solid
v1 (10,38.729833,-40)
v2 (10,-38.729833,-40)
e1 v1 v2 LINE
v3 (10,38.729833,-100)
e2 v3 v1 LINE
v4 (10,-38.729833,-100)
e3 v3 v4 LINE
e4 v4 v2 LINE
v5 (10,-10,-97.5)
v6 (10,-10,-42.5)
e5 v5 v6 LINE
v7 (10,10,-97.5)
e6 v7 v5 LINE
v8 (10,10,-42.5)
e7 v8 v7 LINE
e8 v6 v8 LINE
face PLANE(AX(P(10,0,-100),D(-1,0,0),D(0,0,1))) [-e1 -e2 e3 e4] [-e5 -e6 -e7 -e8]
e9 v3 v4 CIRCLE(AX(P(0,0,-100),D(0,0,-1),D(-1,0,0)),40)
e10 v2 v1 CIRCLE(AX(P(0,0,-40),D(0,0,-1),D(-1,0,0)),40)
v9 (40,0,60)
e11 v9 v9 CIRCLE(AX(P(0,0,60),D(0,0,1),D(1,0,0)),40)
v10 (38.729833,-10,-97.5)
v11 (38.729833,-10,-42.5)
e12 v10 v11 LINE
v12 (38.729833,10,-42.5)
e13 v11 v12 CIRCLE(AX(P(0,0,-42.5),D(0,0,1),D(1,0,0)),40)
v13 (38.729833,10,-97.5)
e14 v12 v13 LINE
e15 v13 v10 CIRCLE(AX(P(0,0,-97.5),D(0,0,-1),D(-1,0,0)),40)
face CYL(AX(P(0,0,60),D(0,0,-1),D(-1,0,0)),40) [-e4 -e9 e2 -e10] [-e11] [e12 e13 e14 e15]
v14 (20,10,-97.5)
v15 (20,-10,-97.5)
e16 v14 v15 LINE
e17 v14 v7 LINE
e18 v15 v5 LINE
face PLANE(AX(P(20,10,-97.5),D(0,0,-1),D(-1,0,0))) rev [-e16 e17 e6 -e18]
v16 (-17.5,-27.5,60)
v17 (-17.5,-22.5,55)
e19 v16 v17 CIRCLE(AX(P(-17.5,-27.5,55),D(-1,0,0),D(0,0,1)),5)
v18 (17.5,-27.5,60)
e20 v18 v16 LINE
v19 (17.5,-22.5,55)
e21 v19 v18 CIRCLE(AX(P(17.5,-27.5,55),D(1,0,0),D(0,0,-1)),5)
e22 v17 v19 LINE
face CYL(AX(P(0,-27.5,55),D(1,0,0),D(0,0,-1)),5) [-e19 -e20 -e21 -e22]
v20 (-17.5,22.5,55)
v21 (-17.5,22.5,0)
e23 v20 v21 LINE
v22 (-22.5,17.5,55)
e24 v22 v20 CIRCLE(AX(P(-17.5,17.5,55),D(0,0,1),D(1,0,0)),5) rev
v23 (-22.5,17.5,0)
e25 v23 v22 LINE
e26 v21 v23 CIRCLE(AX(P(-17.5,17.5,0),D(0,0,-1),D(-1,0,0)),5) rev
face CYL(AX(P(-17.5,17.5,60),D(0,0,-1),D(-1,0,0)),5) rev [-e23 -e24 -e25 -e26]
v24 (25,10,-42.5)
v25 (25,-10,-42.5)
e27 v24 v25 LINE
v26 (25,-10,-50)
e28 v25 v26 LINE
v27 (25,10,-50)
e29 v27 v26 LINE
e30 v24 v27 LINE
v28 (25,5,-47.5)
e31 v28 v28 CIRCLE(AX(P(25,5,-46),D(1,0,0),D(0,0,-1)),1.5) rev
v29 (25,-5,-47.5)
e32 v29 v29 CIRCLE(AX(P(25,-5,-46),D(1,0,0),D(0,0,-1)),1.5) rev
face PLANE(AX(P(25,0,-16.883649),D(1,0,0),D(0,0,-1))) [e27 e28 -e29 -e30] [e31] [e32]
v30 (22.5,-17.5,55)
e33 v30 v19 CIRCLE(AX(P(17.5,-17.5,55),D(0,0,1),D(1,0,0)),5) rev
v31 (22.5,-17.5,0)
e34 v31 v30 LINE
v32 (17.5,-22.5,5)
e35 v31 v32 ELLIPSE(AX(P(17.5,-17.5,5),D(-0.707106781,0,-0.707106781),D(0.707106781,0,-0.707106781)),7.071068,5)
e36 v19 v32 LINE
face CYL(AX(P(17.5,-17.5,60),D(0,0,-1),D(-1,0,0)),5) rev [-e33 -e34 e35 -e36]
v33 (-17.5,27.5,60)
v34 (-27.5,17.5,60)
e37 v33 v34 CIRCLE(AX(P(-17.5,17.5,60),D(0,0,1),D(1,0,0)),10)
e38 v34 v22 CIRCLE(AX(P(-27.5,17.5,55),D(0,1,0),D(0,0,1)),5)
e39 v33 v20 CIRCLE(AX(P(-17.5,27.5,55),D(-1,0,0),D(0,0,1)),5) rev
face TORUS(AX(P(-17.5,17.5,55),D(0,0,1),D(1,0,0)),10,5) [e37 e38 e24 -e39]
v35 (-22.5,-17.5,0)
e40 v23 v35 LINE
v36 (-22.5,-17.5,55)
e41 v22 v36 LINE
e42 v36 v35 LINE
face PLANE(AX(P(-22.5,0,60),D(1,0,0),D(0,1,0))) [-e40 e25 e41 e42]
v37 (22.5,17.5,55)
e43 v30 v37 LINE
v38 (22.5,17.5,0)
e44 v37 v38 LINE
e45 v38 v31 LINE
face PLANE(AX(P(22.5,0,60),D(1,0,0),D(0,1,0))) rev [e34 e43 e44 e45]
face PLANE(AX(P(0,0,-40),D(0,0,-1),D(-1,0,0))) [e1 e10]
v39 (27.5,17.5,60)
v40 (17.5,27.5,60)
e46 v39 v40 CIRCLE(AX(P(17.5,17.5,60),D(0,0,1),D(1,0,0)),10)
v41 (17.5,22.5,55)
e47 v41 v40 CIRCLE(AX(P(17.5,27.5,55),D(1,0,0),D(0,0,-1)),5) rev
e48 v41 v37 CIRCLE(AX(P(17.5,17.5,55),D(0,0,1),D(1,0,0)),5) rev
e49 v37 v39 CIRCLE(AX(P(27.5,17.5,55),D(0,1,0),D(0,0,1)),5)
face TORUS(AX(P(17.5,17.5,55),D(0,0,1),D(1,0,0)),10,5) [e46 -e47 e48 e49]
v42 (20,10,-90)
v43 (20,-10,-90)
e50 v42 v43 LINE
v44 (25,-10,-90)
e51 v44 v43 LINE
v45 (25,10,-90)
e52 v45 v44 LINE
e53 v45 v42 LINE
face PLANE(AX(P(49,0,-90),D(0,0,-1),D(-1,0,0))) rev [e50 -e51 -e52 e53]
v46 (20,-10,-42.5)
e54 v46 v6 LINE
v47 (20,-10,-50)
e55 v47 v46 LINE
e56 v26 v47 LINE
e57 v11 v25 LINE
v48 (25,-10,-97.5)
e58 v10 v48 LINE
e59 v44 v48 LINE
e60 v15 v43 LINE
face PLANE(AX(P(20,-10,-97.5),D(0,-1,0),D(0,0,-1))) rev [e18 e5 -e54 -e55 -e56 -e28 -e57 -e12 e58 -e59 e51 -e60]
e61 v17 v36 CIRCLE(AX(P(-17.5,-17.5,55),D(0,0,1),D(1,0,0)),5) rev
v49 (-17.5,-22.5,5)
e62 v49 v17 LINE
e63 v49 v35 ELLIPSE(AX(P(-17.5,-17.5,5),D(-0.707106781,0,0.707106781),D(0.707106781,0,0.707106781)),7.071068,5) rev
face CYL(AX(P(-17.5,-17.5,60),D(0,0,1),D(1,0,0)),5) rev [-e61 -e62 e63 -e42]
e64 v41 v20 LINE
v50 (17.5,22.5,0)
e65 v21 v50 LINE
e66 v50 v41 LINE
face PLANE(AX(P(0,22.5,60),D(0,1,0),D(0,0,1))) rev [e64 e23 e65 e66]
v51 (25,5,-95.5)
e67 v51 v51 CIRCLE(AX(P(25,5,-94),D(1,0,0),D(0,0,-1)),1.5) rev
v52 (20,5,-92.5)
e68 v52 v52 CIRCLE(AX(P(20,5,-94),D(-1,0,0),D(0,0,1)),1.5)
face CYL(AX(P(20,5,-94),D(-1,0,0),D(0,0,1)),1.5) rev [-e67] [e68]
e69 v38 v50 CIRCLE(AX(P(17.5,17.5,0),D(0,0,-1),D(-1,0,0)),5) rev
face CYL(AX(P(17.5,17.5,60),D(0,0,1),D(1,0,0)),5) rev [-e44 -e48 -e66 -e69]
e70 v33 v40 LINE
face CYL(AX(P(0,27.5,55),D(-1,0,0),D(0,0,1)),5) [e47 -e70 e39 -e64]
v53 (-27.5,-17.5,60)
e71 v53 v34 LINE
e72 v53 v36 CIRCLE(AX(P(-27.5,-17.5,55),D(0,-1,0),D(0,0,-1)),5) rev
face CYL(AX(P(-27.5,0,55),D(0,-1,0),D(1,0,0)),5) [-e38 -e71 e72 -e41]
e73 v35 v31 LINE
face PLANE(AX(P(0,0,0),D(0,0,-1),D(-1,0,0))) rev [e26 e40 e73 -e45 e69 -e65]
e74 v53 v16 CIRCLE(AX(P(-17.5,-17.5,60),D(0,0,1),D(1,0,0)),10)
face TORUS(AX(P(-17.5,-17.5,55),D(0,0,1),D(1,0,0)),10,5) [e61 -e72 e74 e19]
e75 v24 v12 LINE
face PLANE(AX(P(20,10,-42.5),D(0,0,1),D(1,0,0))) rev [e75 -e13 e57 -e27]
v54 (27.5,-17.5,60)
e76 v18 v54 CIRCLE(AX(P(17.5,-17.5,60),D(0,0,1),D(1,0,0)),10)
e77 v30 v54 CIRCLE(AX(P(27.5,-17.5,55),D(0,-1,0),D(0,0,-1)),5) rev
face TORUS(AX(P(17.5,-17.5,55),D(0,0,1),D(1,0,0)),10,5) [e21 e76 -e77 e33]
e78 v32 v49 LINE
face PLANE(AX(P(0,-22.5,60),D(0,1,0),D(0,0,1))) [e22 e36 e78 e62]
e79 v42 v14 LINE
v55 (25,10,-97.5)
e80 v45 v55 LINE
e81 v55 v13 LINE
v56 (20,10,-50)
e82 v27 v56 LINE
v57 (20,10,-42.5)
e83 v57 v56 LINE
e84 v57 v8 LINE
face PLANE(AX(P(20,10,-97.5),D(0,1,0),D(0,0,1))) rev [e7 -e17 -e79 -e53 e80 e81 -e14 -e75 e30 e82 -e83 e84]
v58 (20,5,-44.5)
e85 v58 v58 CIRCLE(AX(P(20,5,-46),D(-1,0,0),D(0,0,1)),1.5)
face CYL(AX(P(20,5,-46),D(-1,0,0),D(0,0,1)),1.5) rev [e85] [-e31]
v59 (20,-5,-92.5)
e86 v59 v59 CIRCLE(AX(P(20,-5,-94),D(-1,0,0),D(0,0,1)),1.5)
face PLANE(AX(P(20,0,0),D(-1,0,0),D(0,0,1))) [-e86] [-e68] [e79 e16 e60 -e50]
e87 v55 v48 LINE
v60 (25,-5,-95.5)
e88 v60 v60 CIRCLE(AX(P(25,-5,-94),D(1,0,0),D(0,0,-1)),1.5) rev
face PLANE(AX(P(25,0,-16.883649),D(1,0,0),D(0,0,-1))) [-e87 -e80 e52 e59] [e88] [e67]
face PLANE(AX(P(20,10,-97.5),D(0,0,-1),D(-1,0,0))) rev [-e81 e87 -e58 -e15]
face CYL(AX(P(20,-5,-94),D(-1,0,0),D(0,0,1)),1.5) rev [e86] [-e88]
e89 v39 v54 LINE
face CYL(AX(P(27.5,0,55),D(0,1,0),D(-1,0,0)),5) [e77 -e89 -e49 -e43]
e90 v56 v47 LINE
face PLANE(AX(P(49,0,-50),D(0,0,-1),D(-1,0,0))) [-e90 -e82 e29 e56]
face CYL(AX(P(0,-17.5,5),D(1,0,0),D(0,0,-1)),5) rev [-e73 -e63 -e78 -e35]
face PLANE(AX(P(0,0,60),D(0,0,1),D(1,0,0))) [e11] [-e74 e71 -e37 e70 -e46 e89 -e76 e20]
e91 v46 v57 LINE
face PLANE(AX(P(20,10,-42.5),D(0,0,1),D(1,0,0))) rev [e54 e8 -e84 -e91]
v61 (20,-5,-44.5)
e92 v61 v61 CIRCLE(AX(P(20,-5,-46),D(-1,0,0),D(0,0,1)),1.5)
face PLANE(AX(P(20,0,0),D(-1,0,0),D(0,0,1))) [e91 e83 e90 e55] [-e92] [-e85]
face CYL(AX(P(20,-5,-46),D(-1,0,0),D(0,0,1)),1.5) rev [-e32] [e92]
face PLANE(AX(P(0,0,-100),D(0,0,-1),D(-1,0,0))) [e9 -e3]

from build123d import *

# Parameters (mm, degrees)
SKETCH1_R                      = 40
SKETCH1_W                      = 45
SKETCH1_H                      = 45
BOSS_EXTRUDE1_DEPTH            = 60
BOSS_EXTRUDE2_START            = 40
SKETCH2_R                      = 40
BOSS_EXTRUDE2_DEPTH            = 40
BOSS_EXTRUDE3_START            = 60
BOSS_EXTRUDE3_DEPTH            = 60
FILLET1_R                      = 5
SKETCH7_W                      = 55
SKETCH7_H                      = 20
CUT_EXTRUDE4_DEPTH             = 10
CUT_EXTRUDE5_DEPTH             = 29
F_3_0MM_DOWEL_HOLE2_D          = 3
F_3_0MM_DOWEL_HOLE2_DEPTH      = 5
F_3_0MM_DOWEL_HOLE2_TIP        = 0.901290929
CUT_EXTRUDE6_REACH             = 134.665
SKETCH18_W                     = 16.006168542
SKETCH18_H                     = 20
CUT_EXTRUDE6_DIRECTION_2_REACH = 134.665


with BuildPart() as part:
    # Sketch1 → Boss-Extrude1 (new body)
    with BuildSketch(Plane.XY):
        Circle(SKETCH1_R)
        Rectangle(SKETCH1_W, SKETCH1_H, mode=Mode.SUBTRACT)
    extrude(amount=BOSS_EXTRUDE1_DEPTH)

    # Sketch2 → Boss-Extrude2 (add)
    with BuildSketch(Plane(origin=(0, 0, 0), x_dir=(-1, 0, 0), z_dir=(0, 0, -1)).offset(BOSS_EXTRUDE2_START)):
        Circle(SKETCH2_R)
    extrude(amount=-BOSS_EXTRUDE2_DEPTH)

    # Sketch3 → Boss-Extrude3 (add)
    with BuildSketch(Plane(origin=(0, 0, -40), x_dir=(-1, 0, 0), z_dir=(0, 0, -1)).offset(BOSS_EXTRUDE3_START)):
        with BuildLine():
            Line((-10, -38.729833462), (-10, 38.729833462))
            ThreePointArc((-10, 38.729833462), (-40, 0), (-10, -38.729833462))
        make_face()
    extrude(amount=-BOSS_EXTRUDE3_DEPTH)

    # Fillet1
    fillet1_edges = [part.edges().sort_by_distance(p)[0] for p in [
        (0, 22.5, 60),
        (22.5, 0, 60),
        (-22.5, 0, 60),
        (22.5, -22.5, 30),
        (0, -22.5, 60),
        (-22.5, -22.5, 30),
        (0, -22.5, 0),
        (-22.5, 22.5, 30),
        (22.5, 22.5, 30),
    ]]
    fillet(fillet1_edges, radius=FILLET1_R)

    # Sketch7 → Cut-Extrude4 (cut)
    with BuildSketch(Plane.ZY.offset(-10)):
        with Locations((-70, 0)):
            Rectangle(SKETCH7_W, SKETCH7_H)
    extrude(amount=-CUT_EXTRUDE4_DEPTH, mode=Mode.SUBTRACT)

    # Sketch8 → Cut-Extrude5 (cut)
    with BuildSketch(Plane.ZY.offset(-20)):
        Polygon((-50, 10), (-90, 10), (-90, 0), (-90, -10), (-50, -10), (-50, 0), align=None)
    extrude(amount=-CUT_EXTRUDE5_DEPTH, mode=Mode.SUBTRACT)

    # Ø3.0mm Dowel Hole2
    with Locations(Plane.ZY.offset(-20)):
        with Locations((-46, 5), (-94, 5), (-94, -5), (-46, -5)):
            Hole(F_3_0MM_DOWEL_HOLE2_D / 2, depth=F_3_0MM_DOWEL_HOLE2_DEPTH)
            with Locations((0, 0, -(F_3_0MM_DOWEL_HOLE2_DEPTH + F_3_0MM_DOWEL_HOLE2_TIP / 2))):  # 118° drill point
                Cone(0, F_3_0MM_DOWEL_HOLE2_D / 2, F_3_0MM_DOWEL_HOLE2_TIP, mode=Mode.SUBTRACT)

    # Cut-Extrude6: up to this face of the body (flat: up to its plane)
    cut_extrude6_end = Plane(part.part.faces().sort_by_distance((15, 0, -42.5))[0])
    # Sketch18 → Cut-Extrude6 (cut, up to the picked face)
    with BuildSketch(Plane(origin=(0, 0, -60), x_dir=(-1, 0, 0), z_dir=(0, 0, -1)), mode=Mode.PRIVATE) as cut_extrude6_sk1:
        with Locations((-33.003084271, 0)):
            Rectangle(SKETCH18_W, SKETCH18_H)
    cut_extrude6_tool1 = split(extrude(cut_extrude6_sk1.sketch, amount=-CUT_EXTRUDE6_REACH, mode=Mode.PRIVATE), bisect_by=cut_extrude6_end, keep=Keep.BOTH, mode=Mode.PRIVATE)
    add(cut_extrude6_tool1.solids().sort_by(Axis((33.003084, 0, -60), (0, 0, 1)))[0], mode=Mode.SUBTRACT)

    # Cut-Extrude6 direction 2: up to this face of the body (flat: up to its plane)
    cut_extrude6_direction_2_end = Plane(part.part.faces().sort_by_distance((15, 0, -97.5))[0])
    # Sketch18 → Cut-Extrude6 direction 2 (cut, up to the picked face)
    with BuildSketch(Plane(origin=(0, 0, -60), x_dir=(-1, 0, 0), z_dir=(0, 0, -1)), mode=Mode.PRIVATE) as cut_extrude6_direction_2_sk1:
        with Locations((-33.003084271, 0)):
            Rectangle(SKETCH18_W, SKETCH18_H)
    cut_extrude6_direction_2_tool1 = split(extrude(cut_extrude6_direction_2_sk1.sketch, amount=CUT_EXTRUDE6_DIRECTION_2_REACH, mode=Mode.PRIVATE), bisect_by=cut_extrude6_direction_2_end, keep=Keep.BOTH, mode=Mode.PRIVATE)
    add(cut_extrude6_direction_2_tool1.solids().sort_by(Axis((33.003084, 0, -60), (0, 0, -1)))[0], mode=Mode.SUBTRACT)


solid = part.part
